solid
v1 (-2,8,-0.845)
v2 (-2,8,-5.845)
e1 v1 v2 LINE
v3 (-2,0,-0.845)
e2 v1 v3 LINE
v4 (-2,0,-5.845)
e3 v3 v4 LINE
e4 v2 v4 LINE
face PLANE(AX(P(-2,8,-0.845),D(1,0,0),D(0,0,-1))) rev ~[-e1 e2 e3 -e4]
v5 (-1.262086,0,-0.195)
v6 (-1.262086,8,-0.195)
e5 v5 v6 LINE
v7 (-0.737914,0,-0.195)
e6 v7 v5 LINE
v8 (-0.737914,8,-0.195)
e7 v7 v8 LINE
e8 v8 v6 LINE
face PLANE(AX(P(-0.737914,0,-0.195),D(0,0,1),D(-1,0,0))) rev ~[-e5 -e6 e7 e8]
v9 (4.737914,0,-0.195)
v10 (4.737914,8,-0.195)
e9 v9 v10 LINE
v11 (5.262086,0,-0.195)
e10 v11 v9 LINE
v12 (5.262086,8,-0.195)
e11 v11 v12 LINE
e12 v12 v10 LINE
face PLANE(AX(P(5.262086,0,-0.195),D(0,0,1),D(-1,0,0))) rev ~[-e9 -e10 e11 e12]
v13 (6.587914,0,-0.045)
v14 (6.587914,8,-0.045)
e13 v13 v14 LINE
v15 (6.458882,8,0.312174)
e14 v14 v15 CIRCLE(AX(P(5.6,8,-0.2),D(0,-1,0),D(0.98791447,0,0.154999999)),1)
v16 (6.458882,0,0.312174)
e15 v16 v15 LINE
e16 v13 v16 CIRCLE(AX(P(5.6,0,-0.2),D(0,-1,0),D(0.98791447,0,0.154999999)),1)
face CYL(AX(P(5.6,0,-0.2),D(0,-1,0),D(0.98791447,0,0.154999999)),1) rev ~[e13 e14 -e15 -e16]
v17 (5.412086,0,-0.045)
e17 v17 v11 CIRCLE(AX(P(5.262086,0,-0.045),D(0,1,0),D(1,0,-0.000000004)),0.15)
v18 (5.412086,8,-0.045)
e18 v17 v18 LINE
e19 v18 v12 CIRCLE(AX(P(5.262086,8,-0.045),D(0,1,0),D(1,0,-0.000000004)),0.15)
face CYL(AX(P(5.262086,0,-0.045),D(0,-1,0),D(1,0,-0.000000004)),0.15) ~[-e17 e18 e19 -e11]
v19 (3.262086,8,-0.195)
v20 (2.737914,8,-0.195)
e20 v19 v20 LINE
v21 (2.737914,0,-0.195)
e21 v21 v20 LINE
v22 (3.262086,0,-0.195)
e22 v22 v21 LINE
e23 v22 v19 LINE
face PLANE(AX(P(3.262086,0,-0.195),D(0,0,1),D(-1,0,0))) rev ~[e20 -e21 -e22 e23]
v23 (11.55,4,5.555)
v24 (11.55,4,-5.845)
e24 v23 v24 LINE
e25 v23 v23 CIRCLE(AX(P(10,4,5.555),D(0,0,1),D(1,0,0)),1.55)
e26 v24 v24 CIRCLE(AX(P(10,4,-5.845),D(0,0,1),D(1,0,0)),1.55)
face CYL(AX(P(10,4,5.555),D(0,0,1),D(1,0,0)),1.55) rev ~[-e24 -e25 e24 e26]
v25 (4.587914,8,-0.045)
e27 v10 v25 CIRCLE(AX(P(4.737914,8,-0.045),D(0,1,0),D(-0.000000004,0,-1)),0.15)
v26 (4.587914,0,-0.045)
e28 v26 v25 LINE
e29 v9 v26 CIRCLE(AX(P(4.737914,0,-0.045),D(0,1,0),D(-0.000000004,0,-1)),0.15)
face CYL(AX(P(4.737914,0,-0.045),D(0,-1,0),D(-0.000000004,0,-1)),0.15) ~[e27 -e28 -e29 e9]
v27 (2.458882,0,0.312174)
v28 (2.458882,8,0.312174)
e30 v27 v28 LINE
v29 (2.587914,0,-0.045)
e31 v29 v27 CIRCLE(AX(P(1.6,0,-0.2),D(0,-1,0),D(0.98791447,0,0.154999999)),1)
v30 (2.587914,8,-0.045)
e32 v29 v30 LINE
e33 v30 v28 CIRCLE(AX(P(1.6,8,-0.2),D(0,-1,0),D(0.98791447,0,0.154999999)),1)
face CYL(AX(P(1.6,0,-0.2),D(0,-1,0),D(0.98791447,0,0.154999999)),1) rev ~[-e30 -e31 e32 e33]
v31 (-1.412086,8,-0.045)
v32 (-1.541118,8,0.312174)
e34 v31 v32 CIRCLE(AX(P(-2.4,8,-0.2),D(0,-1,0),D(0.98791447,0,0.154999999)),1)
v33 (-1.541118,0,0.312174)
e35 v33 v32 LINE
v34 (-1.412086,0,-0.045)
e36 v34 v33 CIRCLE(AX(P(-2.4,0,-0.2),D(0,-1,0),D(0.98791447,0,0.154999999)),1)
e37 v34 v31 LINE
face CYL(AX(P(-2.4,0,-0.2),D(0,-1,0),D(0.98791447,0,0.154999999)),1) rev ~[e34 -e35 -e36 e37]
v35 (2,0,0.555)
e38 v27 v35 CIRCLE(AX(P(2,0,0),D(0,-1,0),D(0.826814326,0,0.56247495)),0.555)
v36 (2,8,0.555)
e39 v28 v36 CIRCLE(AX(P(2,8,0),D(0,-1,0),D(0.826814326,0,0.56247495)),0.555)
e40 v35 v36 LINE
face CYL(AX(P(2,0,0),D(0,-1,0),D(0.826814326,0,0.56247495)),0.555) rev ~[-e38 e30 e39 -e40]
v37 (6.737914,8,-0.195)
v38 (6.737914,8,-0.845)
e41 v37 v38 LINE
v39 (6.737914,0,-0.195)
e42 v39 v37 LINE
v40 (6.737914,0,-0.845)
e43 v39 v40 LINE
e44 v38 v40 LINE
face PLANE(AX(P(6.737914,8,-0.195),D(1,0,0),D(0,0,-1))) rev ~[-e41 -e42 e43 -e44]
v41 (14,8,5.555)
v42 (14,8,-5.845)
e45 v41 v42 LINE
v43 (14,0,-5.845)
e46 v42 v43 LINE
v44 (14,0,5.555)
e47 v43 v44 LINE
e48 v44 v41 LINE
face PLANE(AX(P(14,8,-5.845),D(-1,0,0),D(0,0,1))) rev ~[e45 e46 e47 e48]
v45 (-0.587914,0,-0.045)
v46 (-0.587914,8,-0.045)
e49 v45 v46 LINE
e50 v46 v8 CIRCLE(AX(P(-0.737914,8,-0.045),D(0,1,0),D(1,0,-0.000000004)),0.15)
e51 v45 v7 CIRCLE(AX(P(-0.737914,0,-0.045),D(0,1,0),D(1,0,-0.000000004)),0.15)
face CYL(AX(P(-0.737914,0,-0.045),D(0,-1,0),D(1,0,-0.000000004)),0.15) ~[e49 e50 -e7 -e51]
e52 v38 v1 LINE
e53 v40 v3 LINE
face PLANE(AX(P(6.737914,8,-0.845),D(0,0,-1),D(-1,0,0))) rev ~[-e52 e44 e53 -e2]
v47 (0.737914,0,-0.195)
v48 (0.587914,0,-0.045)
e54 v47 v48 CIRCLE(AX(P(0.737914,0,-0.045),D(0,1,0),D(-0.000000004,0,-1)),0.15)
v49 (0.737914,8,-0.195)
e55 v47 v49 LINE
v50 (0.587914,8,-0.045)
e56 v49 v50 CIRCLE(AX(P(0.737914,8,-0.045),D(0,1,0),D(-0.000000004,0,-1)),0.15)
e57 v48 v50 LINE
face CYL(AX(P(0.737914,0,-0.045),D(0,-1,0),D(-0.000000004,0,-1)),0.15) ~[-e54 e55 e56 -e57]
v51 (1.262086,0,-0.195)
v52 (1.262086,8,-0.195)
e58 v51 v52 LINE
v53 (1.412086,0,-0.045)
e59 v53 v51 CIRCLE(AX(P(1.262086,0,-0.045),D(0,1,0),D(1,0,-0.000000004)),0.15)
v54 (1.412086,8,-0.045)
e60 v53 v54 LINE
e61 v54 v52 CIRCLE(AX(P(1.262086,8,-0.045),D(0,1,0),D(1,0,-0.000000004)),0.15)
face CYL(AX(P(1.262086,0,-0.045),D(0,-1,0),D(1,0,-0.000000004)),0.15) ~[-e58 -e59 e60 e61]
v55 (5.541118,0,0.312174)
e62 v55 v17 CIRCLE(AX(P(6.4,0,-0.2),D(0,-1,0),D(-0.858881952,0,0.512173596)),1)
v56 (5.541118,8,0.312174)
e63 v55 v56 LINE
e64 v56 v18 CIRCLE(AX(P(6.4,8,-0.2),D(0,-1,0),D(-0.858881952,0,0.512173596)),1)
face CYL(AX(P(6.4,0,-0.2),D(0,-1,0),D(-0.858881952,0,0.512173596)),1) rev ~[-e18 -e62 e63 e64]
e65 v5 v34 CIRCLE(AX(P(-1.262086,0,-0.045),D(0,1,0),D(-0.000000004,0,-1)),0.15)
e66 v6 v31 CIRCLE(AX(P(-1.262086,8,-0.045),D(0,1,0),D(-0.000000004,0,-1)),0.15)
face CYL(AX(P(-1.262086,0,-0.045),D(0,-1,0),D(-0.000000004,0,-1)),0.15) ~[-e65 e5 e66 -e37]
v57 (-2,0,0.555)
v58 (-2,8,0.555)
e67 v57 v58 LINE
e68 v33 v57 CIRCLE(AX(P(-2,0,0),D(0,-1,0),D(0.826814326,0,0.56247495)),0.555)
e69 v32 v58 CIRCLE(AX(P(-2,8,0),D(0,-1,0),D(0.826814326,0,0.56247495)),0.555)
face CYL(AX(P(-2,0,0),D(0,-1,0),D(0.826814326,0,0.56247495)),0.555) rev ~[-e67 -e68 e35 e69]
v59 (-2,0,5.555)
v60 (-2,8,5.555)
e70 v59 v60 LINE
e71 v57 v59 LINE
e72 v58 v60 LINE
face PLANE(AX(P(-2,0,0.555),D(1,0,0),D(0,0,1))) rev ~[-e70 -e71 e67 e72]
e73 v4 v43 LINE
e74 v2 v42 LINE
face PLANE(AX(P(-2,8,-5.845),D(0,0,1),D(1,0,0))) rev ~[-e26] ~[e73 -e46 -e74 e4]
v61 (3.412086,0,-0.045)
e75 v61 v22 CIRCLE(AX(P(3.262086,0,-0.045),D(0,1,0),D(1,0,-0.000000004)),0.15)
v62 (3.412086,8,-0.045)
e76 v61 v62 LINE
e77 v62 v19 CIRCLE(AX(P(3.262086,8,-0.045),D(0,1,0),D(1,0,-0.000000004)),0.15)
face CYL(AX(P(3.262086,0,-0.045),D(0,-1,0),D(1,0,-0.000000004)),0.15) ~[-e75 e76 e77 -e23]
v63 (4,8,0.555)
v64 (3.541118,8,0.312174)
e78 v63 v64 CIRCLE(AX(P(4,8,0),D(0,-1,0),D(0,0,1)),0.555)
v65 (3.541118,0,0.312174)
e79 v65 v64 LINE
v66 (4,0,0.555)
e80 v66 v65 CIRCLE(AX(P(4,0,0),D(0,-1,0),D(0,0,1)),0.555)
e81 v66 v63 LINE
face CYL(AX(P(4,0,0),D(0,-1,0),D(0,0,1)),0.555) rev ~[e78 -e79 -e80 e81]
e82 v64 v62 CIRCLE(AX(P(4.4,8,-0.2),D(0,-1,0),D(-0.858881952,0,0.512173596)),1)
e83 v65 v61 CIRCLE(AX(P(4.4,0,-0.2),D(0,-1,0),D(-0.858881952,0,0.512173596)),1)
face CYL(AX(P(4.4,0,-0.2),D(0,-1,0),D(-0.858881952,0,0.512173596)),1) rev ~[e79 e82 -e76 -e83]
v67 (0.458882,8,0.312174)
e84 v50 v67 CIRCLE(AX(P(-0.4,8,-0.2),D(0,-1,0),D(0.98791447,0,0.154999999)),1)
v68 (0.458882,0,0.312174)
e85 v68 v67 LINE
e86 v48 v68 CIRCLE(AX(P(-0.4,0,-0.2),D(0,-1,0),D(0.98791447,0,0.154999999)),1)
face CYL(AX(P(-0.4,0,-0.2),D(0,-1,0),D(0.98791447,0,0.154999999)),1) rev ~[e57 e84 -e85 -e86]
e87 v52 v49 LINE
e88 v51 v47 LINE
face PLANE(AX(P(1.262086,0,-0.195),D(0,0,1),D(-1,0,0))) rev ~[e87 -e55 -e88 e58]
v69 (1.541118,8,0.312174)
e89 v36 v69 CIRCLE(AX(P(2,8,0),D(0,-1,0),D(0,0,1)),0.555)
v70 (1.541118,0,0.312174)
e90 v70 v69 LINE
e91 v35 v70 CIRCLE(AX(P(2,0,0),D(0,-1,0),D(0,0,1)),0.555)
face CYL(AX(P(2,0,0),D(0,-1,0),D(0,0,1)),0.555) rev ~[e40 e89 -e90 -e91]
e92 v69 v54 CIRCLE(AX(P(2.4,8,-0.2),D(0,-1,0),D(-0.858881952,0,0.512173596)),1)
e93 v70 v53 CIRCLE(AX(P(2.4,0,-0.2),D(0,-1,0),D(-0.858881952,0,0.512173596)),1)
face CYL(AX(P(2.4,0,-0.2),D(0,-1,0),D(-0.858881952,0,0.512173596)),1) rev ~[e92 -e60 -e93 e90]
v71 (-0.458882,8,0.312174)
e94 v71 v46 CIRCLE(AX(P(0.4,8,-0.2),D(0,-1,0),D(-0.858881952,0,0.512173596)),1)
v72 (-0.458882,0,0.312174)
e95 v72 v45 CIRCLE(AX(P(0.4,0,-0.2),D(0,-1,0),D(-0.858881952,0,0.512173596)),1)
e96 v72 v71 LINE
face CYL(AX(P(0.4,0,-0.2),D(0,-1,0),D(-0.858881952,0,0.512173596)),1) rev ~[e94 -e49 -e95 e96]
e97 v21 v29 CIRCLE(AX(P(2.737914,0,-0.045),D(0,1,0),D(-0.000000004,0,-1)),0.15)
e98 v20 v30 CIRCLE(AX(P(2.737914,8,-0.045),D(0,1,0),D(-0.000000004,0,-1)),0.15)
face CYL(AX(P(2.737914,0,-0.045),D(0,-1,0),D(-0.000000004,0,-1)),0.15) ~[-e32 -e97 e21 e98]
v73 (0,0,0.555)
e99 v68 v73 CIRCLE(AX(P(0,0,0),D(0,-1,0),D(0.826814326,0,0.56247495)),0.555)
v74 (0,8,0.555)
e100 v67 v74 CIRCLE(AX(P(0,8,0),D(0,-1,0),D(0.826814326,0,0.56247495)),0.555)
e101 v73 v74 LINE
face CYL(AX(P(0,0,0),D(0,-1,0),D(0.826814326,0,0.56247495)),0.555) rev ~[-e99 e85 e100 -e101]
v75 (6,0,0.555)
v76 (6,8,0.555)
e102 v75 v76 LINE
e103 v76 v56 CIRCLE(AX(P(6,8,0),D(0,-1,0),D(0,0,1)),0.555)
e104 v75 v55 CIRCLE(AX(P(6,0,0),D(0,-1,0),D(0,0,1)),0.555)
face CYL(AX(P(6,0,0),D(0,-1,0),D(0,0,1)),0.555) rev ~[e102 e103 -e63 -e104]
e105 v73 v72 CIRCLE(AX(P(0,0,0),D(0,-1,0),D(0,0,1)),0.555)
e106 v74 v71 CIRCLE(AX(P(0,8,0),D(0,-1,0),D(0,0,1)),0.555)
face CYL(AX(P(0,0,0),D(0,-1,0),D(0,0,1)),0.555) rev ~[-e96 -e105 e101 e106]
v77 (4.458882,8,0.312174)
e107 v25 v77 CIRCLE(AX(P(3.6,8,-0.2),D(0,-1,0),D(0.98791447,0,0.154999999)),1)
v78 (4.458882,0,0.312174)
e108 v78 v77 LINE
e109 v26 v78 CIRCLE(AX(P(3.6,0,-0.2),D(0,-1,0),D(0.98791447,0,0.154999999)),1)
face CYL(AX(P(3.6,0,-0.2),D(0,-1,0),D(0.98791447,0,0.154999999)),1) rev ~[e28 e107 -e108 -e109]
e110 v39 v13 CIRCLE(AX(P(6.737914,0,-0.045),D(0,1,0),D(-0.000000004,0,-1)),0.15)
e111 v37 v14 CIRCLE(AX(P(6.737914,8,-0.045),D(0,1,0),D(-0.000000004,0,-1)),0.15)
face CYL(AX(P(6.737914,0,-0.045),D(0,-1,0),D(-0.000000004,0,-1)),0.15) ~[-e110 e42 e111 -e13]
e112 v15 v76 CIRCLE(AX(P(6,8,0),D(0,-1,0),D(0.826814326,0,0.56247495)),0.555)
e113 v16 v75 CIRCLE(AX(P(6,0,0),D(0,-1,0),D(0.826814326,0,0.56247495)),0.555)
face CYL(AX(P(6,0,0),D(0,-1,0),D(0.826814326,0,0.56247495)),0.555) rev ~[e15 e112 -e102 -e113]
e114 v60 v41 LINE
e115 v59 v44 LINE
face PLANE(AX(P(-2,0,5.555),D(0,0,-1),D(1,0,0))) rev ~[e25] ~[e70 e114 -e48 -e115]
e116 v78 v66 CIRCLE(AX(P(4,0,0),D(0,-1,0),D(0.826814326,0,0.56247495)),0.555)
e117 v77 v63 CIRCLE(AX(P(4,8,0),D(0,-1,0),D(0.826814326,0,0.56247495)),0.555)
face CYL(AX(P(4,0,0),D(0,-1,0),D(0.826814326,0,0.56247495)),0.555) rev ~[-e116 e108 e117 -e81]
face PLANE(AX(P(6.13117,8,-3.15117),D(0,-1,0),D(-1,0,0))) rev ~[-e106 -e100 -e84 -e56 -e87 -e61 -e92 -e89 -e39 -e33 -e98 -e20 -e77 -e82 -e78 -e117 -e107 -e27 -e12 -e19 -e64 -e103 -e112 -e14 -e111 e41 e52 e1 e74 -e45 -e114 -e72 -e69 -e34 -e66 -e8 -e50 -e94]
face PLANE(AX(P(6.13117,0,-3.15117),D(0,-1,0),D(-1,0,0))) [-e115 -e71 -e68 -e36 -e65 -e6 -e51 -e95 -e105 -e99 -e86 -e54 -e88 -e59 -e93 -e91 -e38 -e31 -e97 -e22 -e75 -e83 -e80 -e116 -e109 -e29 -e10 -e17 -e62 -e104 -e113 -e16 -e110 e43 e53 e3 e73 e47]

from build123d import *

# Parameters (mm, degrees)
BOSS_EXTRUDE1_DEPTH = 8
SKETCH3_W           = 7
SKETCH3_H           = 0.75
BOSS_EXTRUDE2_DEPTH = 8
BOSS_EXTRUDE3_DEPTH = 8
CUT_EXTRUDE1_REACH  = 21.747
SKETCH2_R           = 1.55


with BuildPart() as part:
    # Sketch1 → Boss-Extrude1 (new body)
    with BuildSketch(Plane(origin=(0, 0, 0), x_dir=(1, 0, 0), z_dir=(0, 1, 0))):
        with BuildLine():
            Line((-0.73791447, 0.195), (-1.26208553, 0.195))
            ThreePointArc((-1.26208553, 0.195), (-1.368151547, 0.151066017), (-1.41208553, 0.045))
            ThreePointArc((-1.41208553, 0.045), (-1.459490829, -0.139768303), (-1.541118048, -0.312173597))
            ThreePointArc((-1.541118048, -0.312173597), (-1.740415087, -0.490551397), (-2, -0.555))
            Line((-2, -0.555), (-2, -5.555))
            Line((-2, -5.555), (14, -5.555))
            Line((14, -5.555), (14, -0.555))
            ThreePointArc((14, -0.555), (13.740415087, -0.490551397), (13.541118048, -0.312173597))
            ThreePointArc((13.541118048, -0.312173597), (13.459490829, -0.139768303), (13.41208553, 0.045))
            ThreePointArc((13.41208553, 0.045), (13.368151547, 0.151066017), (13.26208553, 0.195))
            Line((13.26208553, 0.195), (12.73791447, 0.195))
            ThreePointArc((12.73791447, 0.195), (12.631848453, 0.151066017), (12.58791447, 0.045))
            ThreePointArc((12.58791447, 0.045), (12.540509171, -0.139768303), (12.458881952, -0.312173597))
            ThreePointArc((12.458881952, -0.312173597), (12.259584913, -0.490551397), (12, -0.555))
            ThreePointArc((12, -0.555), (11.740415087, -0.490551397), (11.541118048, -0.312173597))
            ThreePointArc((11.541118048, -0.312173597), (11.459490829, -0.139768303), (11.41208553, 0.045))
            ThreePointArc((11.41208553, 0.045), (11.368151547, 0.151066017), (11.26208553, 0.195))
            Line((11.26208553, 0.195), (10.73791447, 0.195))
            ThreePointArc((10.73791447, 0.195), (10.631848453, 0.151066017), (10.58791447, 0.045))
            ThreePointArc((10.58791447, 0.045), (10.540509171, -0.139768303), (10.458881952, -0.312173597))
            ThreePointArc((10.458881952, -0.312173597), (10.259584913, -0.490551397), (10, -0.555))
            ThreePointArc((10, -0.555), (9.740415087, -0.490551397), (9.541118048, -0.312173597))
            ThreePointArc((9.541118048, -0.312173597), (9.459490829, -0.139768303), (9.41208553, 0.045))
            ThreePointArc((9.41208553, 0.045), (9.368151547, 0.151066017), (9.26208553, 0.195))
            Line((9.26208553, 0.195), (8.73791447, 0.195))
            ThreePointArc((8.73791447, 0.195), (8.631848453, 0.151066017), (8.58791447, 0.045))
            ThreePointArc((8.58791447, 0.045), (8.540509171, -0.139768303), (8.458881952, -0.312173597))
            ThreePointArc((8.458881952, -0.312173597), (8.259584913, -0.490551397), (8, -0.555))
            ThreePointArc((8, -0.555), (7.740415087, -0.490551397), (7.541118048, -0.312173597))
            ThreePointArc((7.541118048, -0.312173597), (7.459490829, -0.139768303), (7.41208553, 0.045))
            ThreePointArc((7.41208553, 0.045), (7.368151547, 0.151066017), (7.26208553, 0.195))
            Line((7.26208553, 0.195), (6.73791447, 0.195))
            ThreePointArc((6.73791447, 0.195), (6.631848453, 0.151066017), (6.58791447, 0.045))
            ThreePointArc((6.58791447, 0.045), (6.540509171, -0.139768303), (6.458881952, -0.312173597))
            ThreePointArc((6.458881952, -0.312173597), (6.259584913, -0.490551397), (6, -0.555))
            ThreePointArc((6, -0.555), (5.740415087, -0.490551397), (5.541118048, -0.312173597))
            ThreePointArc((5.541118048, -0.312173597), (5.459490829, -0.139768303), (5.41208553, 0.045))
            ThreePointArc((5.41208553, 0.045), (5.368151547, 0.151066017), (5.26208553, 0.195))
            Line((5.26208553, 0.195), (4.73791447, 0.195))
            ThreePointArc((4.73791447, 0.195), (4.631848453, 0.151066017), (4.58791447, 0.045))
            ThreePointArc((4.58791447, 0.045), (4.540509171, -0.139768303), (4.458881952, -0.312173597))
            ThreePointArc((4.458881952, -0.312173597), (4.259584913, -0.490551397), (4, -0.555))
            ThreePointArc((4, -0.555), (3.740415087, -0.490551397), (3.541118048, -0.312173597))
            ThreePointArc((3.541118048, -0.312173597), (3.459490829, -0.139768303), (3.41208553, 0.045))
            ThreePointArc((3.41208553, 0.045), (3.368151547, 0.151066017), (3.26208553, 0.195))
            Line((3.26208553, 0.195), (2.73791447, 0.195))
            ThreePointArc((2.73791447, 0.195), (2.631848453, 0.151066017), (2.58791447, 0.045))
            ThreePointArc((2.58791447, 0.045), (2.540509171, -0.139768303), (2.458881952, -0.312173597))
            ThreePointArc((2.458881952, -0.312173597), (2.259584913, -0.490551397), (2, -0.555))
            ThreePointArc((2, -0.555), (1.740415087, -0.490551397), (1.541118048, -0.312173597))
            ThreePointArc((1.541118048, -0.312173597), (1.459490829, -0.139768303), (1.41208553, 0.045))
            ThreePointArc((1.41208553, 0.045), (1.368151547, 0.151066017), (1.26208553, 0.195))
            Line((1.26208553, 0.195), (0.73791447, 0.195))
            ThreePointArc((0.73791447, 0.195), (0.631848453, 0.151066017), (0.58791447, 0.045))
            ThreePointArc((0.58791447, 0.045), (0.540509171, -0.139768303), (0.458881952, -0.312173597))
            ThreePointArc((0.458881952, -0.312173597), (0.259584913, -0.490551397), (0, -0.555))
            ThreePointArc((0, -0.555), (-0.259584913, -0.490551397), (-0.458881952, -0.312173597))
            ThreePointArc((-0.458881952, -0.312173597), (-0.540509171, -0.139768303), (-0.58791447, 0.045))
            ThreePointArc((-0.58791447, 0.045), (-0.631848453, 0.151066017), (-0.73791447, 0.195))
        make_face()
    extrude(amount=BOSS_EXTRUDE1_DEPTH)

    # Sketch3 → Boss-Extrude2 (add)
    with BuildSketch(Plane(origin=(0, 8, 0), x_dir=(1, 0, 0), z_dir=(0, 1, 0))):
        with Locations((10.5, -0.18)):
            Rectangle(SKETCH3_W, SKETCH3_H)
    extrude(amount=-BOSS_EXTRUDE2_DEPTH)

    # Sketch4 → Boss-Extrude3 (add)
    with BuildSketch(Plane(origin=(0, 8, 0), x_dir=(1, 0, 0), z_dir=(0, 1, 0))):
        Polygon((6.73791447, 0.195), (6.73791447, 0.845), (-2, 0.845), (-2, 5.845), (14, 5.845), (14, 0.195), align=None)
    extrude(amount=-BOSS_EXTRUDE3_DEPTH)

    # Sketch2 → Cut-Extrude1 (cut, up to next)
    with BuildSketch(Plane.XY.offset(5.555), mode=Mode.PRIVATE) as cut_extrude1_sk1:
        with Locations((10, 4)):
            Circle(SKETCH2_R)
    cut_extrude1_tool1 = extrude(cut_extrude1_sk1.sketch, amount=-CUT_EXTRUDE1_REACH, mode=Mode.PRIVATE) & part.part
    add(cut_extrude1_tool1.solids().sort_by_distance((10, 4, 5.555))[0], mode=Mode.SUBTRACT)


solid = part.part
